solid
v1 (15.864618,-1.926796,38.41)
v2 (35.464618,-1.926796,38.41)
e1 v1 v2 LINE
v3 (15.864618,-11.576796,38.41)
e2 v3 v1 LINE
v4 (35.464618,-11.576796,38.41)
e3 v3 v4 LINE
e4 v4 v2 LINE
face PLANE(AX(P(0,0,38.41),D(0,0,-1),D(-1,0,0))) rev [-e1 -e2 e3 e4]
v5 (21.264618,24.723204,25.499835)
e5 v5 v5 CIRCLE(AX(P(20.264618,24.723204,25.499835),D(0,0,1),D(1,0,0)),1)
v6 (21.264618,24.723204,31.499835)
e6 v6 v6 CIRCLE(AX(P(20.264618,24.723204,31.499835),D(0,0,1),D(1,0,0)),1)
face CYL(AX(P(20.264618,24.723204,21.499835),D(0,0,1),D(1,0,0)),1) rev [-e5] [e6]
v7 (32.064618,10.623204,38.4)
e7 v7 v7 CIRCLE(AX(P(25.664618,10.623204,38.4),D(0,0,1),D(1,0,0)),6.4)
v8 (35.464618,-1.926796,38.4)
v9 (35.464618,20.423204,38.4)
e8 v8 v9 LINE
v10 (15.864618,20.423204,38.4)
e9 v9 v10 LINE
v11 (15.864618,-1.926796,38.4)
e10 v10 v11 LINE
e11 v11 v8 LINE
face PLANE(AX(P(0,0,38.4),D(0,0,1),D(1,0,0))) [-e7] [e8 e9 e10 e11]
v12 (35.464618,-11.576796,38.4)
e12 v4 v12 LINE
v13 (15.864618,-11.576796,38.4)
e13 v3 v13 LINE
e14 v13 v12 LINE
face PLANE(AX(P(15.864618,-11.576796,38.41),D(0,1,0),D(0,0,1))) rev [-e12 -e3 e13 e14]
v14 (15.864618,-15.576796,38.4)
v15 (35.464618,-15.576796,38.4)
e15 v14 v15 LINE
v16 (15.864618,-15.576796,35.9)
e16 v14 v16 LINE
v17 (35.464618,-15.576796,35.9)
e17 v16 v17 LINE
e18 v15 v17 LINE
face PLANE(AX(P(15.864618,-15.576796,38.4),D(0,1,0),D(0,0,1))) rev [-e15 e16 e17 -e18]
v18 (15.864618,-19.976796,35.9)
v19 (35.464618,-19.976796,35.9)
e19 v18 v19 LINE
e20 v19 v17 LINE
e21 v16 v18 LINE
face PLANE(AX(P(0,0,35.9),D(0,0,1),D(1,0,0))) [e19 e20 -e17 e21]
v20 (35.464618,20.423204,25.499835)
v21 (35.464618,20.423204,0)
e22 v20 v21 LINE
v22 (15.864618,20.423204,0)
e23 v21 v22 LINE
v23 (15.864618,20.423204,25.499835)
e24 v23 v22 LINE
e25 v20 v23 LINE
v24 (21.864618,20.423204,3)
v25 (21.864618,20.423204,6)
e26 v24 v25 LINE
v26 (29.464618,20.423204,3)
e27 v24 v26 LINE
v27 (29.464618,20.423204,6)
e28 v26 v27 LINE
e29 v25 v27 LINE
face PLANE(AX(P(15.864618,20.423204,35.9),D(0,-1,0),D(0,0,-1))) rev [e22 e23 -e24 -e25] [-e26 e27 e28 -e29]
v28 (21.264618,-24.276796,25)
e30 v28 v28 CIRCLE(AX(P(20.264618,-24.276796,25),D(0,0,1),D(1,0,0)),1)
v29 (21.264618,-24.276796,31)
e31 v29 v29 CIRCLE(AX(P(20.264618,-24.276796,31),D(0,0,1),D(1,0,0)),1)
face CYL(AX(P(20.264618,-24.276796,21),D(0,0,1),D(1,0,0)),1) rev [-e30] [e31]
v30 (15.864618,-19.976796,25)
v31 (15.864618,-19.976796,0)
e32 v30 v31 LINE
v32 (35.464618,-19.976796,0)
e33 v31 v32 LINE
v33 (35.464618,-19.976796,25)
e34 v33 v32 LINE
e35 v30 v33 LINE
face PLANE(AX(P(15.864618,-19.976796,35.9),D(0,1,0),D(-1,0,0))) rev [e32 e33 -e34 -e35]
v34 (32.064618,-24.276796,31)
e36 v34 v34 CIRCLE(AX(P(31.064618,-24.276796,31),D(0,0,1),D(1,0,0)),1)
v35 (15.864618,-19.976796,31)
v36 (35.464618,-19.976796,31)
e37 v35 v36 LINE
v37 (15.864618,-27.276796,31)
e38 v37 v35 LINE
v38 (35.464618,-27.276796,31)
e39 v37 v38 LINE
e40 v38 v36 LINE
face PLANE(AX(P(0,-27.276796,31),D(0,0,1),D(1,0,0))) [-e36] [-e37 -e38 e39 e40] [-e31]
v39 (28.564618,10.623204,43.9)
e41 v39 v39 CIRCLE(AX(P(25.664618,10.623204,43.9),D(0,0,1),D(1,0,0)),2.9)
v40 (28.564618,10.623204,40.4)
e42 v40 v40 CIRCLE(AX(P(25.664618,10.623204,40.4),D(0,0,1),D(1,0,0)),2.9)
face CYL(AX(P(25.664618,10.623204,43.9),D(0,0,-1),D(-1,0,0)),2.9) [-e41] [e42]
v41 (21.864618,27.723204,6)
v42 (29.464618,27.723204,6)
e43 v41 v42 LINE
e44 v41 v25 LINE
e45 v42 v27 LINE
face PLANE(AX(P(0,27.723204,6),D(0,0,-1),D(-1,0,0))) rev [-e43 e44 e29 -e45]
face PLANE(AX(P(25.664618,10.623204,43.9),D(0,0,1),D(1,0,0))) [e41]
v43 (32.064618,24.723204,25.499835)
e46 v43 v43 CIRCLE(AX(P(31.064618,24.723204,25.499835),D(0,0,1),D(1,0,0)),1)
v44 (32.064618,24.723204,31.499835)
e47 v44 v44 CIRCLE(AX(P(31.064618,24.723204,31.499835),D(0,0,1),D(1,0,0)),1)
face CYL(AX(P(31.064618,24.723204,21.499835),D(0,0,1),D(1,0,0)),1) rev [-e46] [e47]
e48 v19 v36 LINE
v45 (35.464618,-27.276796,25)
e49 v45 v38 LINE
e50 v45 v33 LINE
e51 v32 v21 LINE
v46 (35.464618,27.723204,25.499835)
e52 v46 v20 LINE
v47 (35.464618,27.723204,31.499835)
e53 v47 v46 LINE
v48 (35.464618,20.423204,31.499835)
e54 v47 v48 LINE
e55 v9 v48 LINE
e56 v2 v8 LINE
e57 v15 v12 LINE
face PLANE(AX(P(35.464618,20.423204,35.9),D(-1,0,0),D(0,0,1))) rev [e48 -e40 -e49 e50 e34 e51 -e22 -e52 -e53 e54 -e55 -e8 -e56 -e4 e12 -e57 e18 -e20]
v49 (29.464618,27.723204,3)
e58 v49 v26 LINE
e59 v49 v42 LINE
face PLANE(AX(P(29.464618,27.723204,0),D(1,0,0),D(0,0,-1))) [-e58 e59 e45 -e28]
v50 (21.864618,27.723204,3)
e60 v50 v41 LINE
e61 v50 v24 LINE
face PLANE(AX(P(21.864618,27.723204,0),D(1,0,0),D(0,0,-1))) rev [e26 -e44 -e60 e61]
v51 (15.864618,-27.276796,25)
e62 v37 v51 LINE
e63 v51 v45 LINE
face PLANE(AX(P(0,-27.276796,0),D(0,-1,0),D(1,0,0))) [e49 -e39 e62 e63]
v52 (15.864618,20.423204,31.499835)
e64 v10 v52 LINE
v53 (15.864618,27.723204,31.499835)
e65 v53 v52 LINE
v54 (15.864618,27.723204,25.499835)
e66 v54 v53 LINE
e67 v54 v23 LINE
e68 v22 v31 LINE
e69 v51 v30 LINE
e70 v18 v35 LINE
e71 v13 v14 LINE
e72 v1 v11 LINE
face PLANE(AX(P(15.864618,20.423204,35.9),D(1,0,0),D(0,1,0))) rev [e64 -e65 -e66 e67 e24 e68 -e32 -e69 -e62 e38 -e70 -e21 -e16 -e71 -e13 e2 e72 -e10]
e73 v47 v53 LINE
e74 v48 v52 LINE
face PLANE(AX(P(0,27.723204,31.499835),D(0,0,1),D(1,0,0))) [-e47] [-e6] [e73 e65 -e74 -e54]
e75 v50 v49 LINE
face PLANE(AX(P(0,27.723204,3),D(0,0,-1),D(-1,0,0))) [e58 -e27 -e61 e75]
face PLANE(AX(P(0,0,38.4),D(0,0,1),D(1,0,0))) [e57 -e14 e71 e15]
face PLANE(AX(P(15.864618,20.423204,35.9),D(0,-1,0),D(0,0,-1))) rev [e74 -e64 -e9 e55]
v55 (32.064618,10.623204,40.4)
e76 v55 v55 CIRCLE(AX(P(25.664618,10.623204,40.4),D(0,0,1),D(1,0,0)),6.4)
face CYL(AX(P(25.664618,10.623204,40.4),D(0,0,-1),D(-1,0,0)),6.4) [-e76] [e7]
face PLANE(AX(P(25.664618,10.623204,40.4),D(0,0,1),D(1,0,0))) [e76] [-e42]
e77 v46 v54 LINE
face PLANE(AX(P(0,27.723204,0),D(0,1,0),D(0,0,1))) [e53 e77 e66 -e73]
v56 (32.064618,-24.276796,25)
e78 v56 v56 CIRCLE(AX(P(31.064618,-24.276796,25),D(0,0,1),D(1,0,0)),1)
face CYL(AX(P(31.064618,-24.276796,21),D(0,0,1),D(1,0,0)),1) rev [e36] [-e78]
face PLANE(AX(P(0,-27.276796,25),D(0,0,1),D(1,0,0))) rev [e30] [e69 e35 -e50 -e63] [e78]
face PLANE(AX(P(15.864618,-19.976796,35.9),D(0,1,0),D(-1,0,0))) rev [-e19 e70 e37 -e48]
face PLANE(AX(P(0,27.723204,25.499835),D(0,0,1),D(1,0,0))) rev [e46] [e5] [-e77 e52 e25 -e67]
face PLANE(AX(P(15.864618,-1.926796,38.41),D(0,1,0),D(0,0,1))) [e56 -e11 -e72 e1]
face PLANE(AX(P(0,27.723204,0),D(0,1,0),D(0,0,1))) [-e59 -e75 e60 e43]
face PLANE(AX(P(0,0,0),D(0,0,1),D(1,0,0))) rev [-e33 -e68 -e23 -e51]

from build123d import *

# Parameters (mm, degrees)
SKETCH_2_W          = 19.6
SKETCH_2_H          = 40.4
EXTRUDE_2_DEPTH     = 35.9
SKETCH_8_W          = 19.6
SKETCH_8_H          = 36
EXTRUDE_4_DEPTH     = 2.5
EXTRUDE_5_DEPTH     = 7.3
EXTRUDE_6_DEPTH     = 7.3
EXTRUDE_7_DEPTH     = 7.3
SKETCH_13_R         = 6.4
EXTRUDE_8_DEPTH     = 2
SKETCH_15_R         = 2.9
EXTRUDE_9_DEPTH     = 3.5
SKETCH_16_W         = 19.6
SKETCH_16_H         = 9.65
EXTRUDE_10_DEPTH    = 0.01
SKETCH_17_R         = 1
CUT_EXTRUDE_1_DEPTH = 10
CUT_EXTRUDE_2_DEPTH = 10
SKETCH_19_R         = 1
CUT_EXTRUDE_3_DEPTH = 10


with BuildPart() as part:
    # ｽｹｯﾁ2 → ﾎﾞｽ - 押し出し2 (new body)
    with BuildSketch(Plane.XY):
        with Locations((25.664618486, 0.22320442)):
            Rectangle(SKETCH_2_W, SKETCH_2_H)
    extrude(amount=EXTRUDE_2_DEPTH)

    # ｽｹｯﾁ8 → ﾎﾞｽ - 押し出し4 (add)
    with BuildSketch(Plane.XY.offset(35.9)):
        with Locations((25.664618486, 2.42320442)):
            Rectangle(SKETCH_8_W, SKETCH_8_H)
    extrude(amount=EXTRUDE_4_DEPTH)

    # ｽｹｯﾁ9 → ﾎﾞｽ - 押し出し5 (add)
    with BuildSketch(Plane(origin=(0, 20.42320442, 0), x_dir=(1, 0, 0), z_dir=(0, 1, 0))):
        Polygon((35.464618486, -31.499834605), (35.464618486, -25.499834605), (25.664618486, -25.499834605), (15.864618486, -25.499834605), (15.864618486, -31.499834605), align=None)
    extrude(amount=EXTRUDE_5_DEPTH)

    # ｽｹｯﾁ10 → ﾎﾞｽ - 押し出し6 (add)
    with BuildSketch(Plane.XZ.offset(19.97679558)):
        Polygon((15.864618486, 31), (15.864618486, 25), (25.664618486, 25), (35.464618486, 25), (35.464618486, 31), align=None)
    extrude(amount=EXTRUDE_6_DEPTH)

    # ｽｹｯﾁ11 → ﾎﾞｽ - 押し出し7 (add)
    with BuildSketch(Plane(origin=(0, 20.42320442, 0), x_dir=(1, 0, 0), z_dir=(0, 1, 0))):
        Polygon((29.464618486, -3), (25.664618486, -3), (21.864618486, -3), (21.864618486, -6), (29.464618486, -6), align=None)
    extrude(amount=EXTRUDE_7_DEPTH)

    # ｽｹｯﾁ13 → ﾎﾞｽ - 押し出し8 (add)
    with BuildSketch(Plane.XY.offset(38.4)):
        with Locations((25.664618486, 10.62320442)):
            Circle(SKETCH_13_R)
    extrude(amount=EXTRUDE_8_DEPTH)

    # ｽｹｯﾁ15 → ﾎﾞｽ - 押し出し9 (add)
    with BuildSketch(Plane.XY.offset(40.4)):
        with Locations((25.664618486, 10.62320442)):
            Circle(SKETCH_15_R)
    extrude(amount=EXTRUDE_9_DEPTH)

    # ｽｹｯﾁ16 → ﾎﾞｽ - 押し出し10 (add)
    with BuildSketch(Plane.XY.offset(38.4)):
        with Locations((25.664618486, -6.75179558)):
            Rectangle(SKETCH_16_W, SKETCH_16_H)
    extrude(amount=EXTRUDE_10_DEPTH)

    # ｽｹｯﾁ17 → ｶｯﾄ - 押し出し1 (cut)
    with BuildSketch(Plane.XY.offset(31.499834605)):
        with Locations((31.064618486, 24.72320442)):
            Circle(SKETCH_17_R)
    extrude(amount=-CUT_EXTRUDE_1_DEPTH, mode=Mode.SUBTRACT)

    # ｽｹｯﾁ18 → ｶｯﾄ - 押し出し2 (cut)
    with BuildSketch(Plane.XY.offset(31.499834605)):
        with BuildLine():
            ThreePointArc((21.264618486, 24.72320442), (20.971725267, 25.430311201), (20.264618486, 25.72320442))
            Line((20.264618486, 25.72320442), (20.264618486, 24.72320442))
            Line((20.264618486, 24.72320442), (19.264618486, 24.72320442))
            ThreePointArc((19.264618486, 24.72320442), (20.264618486, 23.72320442), (21.264618486, 24.72320442))
        make_face()
        with BuildLine():
            Line((20.264618486, 24.72320442), (20.264618486, 25.72320442))
            ThreePointArc((20.264618486, 25.72320442), (19.557511705, 25.430311201), (19.264618486, 24.72320442))
            Line((19.264618486, 24.72320442), (20.264618486, 24.72320442))
        make_face()
    extrude(amount=-CUT_EXTRUDE_2_DEPTH, mode=Mode.SUBTRACT)

    # ｽｹｯﾁ19 → ｶｯﾄ - 押し出し3 (cut)
    with BuildSketch(Plane.XY.offset(31)):
        with Locations((20.264618486, -24.27679558)):
            Circle(SKETCH_19_R)
        with Locations((31.064618486, -24.27679558)):
            Circle(SKETCH_19_R)
    extrude(amount=-CUT_EXTRUDE_3_DEPTH, mode=Mode.SUBTRACT)


solid = part.part
